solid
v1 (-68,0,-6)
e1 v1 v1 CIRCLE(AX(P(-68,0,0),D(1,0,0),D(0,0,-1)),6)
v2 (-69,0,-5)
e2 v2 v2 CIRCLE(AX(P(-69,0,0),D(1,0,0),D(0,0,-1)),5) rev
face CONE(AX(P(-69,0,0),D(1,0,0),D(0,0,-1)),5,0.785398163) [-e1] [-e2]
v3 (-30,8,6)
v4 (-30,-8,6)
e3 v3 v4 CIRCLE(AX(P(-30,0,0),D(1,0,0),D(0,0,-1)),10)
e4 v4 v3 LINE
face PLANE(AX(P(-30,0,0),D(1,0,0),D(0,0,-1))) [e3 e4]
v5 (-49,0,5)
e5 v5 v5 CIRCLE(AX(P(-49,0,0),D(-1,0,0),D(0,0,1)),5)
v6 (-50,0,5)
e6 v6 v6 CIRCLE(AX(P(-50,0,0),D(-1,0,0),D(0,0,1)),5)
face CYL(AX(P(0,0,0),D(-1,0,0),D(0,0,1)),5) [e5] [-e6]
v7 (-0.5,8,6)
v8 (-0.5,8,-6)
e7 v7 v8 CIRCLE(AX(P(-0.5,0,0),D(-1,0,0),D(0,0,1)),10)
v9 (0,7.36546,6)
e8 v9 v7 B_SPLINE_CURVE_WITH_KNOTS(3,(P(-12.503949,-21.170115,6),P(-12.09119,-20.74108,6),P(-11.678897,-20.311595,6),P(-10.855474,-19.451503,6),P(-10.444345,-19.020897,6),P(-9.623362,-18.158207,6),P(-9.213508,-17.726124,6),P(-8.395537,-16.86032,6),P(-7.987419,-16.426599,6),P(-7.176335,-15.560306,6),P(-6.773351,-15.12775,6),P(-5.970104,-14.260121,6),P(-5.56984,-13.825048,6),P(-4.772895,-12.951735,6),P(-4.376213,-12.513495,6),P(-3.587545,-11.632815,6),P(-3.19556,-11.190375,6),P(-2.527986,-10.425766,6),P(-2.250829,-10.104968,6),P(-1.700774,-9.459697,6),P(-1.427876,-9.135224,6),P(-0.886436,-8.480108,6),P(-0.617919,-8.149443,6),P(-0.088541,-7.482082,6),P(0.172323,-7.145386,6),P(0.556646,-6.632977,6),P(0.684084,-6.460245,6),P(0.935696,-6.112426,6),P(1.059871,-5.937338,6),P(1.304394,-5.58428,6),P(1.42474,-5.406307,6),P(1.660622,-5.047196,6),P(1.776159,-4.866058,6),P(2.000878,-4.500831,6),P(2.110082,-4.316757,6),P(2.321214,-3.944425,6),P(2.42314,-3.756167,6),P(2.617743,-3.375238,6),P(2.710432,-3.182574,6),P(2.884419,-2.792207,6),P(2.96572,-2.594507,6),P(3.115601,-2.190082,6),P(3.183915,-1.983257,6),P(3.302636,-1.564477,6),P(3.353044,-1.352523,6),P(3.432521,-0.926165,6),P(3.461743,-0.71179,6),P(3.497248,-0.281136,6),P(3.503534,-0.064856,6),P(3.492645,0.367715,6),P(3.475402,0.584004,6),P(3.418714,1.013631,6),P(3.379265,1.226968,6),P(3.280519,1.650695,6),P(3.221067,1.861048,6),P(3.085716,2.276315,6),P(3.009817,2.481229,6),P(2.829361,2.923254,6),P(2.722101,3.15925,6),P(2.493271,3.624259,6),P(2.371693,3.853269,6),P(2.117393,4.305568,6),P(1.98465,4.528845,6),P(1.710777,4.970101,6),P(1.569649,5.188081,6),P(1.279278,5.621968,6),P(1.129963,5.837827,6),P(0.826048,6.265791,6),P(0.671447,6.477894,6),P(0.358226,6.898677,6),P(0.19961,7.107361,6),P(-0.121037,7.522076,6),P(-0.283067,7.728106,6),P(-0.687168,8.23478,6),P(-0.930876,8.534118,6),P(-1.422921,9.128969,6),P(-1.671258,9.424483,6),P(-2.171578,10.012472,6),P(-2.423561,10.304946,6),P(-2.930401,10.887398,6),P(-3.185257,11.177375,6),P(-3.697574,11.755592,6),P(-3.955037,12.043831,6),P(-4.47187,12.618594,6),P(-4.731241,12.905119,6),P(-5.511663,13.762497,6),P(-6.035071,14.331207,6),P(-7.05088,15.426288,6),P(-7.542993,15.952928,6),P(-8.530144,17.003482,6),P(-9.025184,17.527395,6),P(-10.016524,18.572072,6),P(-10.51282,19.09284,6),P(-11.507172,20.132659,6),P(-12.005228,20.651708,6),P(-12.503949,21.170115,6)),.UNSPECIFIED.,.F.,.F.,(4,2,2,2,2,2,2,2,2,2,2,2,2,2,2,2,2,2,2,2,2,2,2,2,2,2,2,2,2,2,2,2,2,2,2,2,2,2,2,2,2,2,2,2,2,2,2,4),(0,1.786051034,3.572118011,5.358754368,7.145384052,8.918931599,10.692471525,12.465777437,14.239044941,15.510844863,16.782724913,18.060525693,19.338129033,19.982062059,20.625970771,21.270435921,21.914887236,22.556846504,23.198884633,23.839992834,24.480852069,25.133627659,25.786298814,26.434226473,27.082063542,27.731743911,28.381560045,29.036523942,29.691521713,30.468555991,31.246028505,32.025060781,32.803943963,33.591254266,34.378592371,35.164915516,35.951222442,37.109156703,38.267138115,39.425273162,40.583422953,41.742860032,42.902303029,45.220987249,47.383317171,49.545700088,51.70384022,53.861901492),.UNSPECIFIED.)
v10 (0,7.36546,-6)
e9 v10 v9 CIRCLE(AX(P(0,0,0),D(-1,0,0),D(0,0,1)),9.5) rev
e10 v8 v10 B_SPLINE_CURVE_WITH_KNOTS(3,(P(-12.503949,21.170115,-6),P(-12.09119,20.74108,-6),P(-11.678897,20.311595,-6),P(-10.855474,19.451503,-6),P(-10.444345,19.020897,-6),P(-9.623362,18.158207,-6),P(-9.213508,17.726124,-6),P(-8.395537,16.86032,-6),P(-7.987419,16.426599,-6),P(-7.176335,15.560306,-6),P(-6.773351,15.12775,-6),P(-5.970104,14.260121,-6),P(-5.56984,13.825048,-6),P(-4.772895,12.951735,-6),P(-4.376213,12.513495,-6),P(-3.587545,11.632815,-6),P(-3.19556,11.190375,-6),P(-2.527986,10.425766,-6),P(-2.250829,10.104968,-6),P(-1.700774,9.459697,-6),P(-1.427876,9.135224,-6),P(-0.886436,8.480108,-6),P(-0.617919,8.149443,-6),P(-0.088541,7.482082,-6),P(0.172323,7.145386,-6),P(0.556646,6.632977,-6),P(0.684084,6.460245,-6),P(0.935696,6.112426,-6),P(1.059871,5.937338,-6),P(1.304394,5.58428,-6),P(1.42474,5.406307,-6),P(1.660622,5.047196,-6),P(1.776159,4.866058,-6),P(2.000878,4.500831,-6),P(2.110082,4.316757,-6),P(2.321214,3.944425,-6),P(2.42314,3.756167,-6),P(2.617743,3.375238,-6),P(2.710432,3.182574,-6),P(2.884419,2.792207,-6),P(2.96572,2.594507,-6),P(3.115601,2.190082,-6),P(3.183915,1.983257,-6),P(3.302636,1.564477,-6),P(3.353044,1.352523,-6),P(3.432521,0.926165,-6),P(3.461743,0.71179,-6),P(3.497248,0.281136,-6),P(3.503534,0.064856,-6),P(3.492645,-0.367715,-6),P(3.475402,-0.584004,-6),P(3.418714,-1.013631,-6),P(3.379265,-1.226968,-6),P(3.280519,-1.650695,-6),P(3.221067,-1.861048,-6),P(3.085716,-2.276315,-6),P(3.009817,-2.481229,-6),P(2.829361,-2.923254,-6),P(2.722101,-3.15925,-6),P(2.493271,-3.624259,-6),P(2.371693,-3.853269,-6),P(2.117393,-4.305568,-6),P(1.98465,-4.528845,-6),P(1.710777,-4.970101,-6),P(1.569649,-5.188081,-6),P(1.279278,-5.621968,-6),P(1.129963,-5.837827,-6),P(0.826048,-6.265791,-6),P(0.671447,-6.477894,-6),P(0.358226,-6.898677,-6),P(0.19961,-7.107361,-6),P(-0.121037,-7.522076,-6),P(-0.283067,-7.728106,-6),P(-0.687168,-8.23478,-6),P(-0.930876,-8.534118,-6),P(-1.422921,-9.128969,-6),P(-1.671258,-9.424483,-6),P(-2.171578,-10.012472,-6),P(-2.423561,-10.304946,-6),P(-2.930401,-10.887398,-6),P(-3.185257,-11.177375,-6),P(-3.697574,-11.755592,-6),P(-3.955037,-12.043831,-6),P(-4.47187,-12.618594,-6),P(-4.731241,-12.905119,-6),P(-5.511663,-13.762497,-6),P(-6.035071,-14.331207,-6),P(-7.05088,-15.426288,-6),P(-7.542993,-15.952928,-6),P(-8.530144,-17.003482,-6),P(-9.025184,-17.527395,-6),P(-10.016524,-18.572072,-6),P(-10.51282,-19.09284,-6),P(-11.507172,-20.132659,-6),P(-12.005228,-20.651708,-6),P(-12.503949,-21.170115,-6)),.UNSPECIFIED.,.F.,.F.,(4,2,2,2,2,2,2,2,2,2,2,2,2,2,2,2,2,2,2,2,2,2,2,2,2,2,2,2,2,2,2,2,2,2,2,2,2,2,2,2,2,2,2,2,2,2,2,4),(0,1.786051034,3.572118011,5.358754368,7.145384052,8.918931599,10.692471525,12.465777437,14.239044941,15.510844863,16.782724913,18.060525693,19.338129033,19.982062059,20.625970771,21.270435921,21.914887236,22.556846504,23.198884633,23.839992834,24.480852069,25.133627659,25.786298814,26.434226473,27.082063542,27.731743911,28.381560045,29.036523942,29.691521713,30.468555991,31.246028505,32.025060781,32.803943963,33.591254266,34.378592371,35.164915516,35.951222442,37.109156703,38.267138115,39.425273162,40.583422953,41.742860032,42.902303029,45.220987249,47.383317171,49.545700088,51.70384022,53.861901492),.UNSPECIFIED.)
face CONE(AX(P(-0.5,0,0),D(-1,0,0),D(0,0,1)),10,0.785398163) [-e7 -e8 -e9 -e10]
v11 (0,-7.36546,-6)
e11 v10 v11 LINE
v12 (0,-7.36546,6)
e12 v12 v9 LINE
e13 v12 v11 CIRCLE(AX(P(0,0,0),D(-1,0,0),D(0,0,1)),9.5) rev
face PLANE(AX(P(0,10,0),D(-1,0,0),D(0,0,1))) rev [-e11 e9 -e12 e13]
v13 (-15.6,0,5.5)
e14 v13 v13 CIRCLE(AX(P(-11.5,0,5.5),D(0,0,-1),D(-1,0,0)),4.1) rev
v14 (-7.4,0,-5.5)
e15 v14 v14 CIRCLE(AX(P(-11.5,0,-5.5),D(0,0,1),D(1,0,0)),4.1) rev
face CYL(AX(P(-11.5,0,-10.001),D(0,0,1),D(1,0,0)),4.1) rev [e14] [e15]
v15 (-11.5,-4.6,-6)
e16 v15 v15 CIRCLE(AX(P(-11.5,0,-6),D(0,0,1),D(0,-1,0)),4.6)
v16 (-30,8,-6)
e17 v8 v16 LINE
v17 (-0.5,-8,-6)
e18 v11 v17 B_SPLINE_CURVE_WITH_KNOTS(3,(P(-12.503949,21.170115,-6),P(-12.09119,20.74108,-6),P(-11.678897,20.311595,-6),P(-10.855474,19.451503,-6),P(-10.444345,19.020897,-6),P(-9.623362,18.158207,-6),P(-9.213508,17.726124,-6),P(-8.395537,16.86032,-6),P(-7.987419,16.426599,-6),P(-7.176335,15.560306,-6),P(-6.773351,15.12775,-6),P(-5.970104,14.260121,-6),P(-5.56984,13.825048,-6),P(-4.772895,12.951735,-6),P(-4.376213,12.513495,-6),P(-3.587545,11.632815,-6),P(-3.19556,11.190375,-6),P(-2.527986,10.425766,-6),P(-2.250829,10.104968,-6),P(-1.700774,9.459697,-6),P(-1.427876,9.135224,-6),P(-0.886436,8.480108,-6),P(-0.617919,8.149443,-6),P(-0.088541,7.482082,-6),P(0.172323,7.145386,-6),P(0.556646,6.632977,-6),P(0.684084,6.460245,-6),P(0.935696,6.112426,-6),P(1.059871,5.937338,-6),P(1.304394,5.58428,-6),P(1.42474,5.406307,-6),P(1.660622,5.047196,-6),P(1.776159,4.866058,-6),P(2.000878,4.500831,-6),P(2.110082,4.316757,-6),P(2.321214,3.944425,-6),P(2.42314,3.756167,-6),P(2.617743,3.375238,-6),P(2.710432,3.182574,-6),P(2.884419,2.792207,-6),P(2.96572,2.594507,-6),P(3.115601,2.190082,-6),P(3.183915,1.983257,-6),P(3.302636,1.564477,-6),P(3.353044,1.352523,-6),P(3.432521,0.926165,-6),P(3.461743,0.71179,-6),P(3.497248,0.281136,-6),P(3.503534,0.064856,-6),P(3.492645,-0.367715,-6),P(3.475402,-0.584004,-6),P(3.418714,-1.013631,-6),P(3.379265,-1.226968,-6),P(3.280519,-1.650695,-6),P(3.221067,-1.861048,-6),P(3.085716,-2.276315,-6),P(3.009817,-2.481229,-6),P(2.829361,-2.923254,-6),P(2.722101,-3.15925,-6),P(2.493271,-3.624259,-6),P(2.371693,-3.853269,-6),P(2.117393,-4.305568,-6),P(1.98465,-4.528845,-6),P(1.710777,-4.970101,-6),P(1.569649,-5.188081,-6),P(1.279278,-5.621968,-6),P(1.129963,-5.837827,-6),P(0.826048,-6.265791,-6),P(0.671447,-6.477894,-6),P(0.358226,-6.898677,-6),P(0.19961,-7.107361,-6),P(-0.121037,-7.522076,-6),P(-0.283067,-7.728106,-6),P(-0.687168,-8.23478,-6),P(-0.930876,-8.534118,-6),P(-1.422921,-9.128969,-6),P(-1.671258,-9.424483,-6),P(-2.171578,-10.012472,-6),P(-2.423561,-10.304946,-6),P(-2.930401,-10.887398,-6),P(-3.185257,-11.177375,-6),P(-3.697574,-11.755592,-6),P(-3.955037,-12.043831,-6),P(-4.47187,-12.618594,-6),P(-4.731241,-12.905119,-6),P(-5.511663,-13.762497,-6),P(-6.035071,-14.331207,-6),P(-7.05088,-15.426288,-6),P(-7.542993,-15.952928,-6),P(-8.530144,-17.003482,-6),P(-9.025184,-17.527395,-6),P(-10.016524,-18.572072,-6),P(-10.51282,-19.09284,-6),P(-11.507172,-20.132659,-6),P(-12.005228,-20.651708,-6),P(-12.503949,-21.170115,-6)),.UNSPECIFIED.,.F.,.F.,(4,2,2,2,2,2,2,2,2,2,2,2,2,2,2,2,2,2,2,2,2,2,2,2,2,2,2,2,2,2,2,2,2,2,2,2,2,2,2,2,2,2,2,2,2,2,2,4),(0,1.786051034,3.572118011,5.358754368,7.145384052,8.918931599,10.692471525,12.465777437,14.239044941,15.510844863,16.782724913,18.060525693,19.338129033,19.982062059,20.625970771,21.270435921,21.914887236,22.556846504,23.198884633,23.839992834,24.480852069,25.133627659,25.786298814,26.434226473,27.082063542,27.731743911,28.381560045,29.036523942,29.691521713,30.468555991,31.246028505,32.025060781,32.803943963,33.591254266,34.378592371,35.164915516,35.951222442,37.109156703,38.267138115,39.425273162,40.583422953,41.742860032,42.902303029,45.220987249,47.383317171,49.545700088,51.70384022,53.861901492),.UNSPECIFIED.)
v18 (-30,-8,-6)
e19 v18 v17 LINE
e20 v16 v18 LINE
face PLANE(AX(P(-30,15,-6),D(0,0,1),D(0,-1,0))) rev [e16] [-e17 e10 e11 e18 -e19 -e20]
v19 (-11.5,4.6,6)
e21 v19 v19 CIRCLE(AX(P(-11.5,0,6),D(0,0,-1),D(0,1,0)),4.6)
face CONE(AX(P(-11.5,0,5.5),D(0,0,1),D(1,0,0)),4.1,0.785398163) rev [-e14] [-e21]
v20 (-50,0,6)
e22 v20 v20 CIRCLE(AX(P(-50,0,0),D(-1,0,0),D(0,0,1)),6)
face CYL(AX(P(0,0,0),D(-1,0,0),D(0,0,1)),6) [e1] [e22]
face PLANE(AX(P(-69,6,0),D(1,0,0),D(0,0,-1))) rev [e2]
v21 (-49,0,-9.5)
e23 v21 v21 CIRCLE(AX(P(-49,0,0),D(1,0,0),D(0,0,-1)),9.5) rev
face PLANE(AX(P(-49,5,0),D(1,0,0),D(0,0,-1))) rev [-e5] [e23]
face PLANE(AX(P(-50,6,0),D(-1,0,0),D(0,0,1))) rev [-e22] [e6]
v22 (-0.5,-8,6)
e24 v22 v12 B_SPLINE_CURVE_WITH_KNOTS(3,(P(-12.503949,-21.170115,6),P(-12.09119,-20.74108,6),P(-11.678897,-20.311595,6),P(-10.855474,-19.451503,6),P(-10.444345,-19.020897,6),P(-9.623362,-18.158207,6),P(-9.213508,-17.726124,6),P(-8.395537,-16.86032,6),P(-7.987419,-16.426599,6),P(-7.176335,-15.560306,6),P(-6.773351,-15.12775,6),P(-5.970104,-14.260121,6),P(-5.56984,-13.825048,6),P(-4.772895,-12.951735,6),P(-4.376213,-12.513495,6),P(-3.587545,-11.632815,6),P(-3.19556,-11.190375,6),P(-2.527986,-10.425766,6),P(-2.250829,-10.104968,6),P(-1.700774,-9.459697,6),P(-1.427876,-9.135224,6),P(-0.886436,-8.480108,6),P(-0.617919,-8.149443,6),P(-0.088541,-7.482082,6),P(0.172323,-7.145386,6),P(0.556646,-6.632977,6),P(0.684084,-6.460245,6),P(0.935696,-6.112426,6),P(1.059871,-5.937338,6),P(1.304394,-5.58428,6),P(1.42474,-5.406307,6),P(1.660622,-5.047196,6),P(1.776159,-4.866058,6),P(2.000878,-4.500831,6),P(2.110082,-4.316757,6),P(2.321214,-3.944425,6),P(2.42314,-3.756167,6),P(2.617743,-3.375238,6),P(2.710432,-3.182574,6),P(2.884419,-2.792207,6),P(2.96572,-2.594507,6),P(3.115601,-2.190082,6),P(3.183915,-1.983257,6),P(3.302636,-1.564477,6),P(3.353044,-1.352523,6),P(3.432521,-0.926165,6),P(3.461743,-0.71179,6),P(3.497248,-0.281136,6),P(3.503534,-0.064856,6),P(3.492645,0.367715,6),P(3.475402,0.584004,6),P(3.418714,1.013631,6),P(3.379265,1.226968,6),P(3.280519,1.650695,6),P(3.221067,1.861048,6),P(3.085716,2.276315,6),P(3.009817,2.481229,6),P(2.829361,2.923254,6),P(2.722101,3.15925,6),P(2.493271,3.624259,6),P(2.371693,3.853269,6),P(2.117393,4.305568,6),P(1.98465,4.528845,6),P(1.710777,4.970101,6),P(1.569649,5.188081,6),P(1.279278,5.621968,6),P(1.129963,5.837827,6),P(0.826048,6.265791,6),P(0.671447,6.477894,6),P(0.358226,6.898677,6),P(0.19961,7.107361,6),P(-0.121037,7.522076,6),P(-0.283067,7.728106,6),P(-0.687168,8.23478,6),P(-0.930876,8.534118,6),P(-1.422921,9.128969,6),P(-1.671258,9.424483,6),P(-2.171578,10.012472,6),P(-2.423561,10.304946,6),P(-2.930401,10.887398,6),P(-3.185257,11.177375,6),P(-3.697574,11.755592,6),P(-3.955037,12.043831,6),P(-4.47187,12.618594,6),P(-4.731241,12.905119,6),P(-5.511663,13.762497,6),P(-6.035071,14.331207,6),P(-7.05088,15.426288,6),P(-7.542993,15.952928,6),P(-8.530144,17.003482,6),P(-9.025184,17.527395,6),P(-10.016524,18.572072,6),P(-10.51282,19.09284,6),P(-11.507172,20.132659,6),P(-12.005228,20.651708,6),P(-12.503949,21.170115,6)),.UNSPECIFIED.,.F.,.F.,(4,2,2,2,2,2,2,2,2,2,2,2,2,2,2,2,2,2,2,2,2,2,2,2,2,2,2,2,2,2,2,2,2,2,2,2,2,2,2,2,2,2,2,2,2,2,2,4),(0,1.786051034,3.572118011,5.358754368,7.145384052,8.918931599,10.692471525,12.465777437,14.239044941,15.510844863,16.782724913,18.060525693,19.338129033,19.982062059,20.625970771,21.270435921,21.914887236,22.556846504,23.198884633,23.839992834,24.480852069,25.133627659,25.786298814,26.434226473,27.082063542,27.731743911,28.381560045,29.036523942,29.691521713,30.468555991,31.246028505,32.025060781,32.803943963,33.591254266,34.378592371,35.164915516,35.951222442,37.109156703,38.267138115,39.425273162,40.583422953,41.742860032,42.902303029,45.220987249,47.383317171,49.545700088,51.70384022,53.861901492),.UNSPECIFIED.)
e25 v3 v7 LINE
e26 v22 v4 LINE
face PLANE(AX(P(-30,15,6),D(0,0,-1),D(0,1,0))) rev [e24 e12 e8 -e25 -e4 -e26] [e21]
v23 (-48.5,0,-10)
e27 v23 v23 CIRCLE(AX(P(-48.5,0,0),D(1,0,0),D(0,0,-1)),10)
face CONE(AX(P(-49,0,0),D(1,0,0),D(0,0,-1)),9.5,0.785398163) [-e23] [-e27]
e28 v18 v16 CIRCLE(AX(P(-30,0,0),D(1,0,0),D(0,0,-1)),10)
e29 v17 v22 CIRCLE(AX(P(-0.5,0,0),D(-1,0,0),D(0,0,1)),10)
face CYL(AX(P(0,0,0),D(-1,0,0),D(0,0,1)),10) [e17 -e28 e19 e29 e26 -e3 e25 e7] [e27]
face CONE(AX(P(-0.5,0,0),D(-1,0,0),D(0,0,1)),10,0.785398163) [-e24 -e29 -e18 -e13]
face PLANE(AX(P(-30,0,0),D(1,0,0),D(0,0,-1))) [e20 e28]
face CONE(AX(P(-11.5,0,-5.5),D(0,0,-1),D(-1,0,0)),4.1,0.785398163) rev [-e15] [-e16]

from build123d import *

# Parameters (mm, degrees)
CHANFREIN1_SIZE         = 0.5
CHANFREIN2_SIZE         = 1
ESQUISSE2_W             = 9
ESQUISSE2_H             = 30
ENL_V_MAT_EXTRU_1_DEPTH = 30
ENL_V_MAT_EXTRU_2_REACH = 73.533
ESQUISSE3_R             = 4.1
CHANFREIN3_SIZE         = 0.5


with BuildPart() as part:
    # Esquisse1 → Révolution1 (revolve)
    with BuildSketch(Plane.XY, mode=Mode.PRIVATE) as r_volution1_sk:
        Polygon((-49, 5), (-49, 10), (0, 10), (0, 0), (-69, 0), (-69, 6), (-50, 6), (-50, 5), align=None)
    revolve(r_volution1_sk.sketch.rotate(Axis((0, 0, 0), (1, 0, 0)), 90), axis=Axis((0, 0, 0), (1, 0, 0)))

    # Chanfrein1
    chanfrein1_edges = [part.edges().sort_by_distance(p)[0] for p in [
        (-49, 0, -10),
        (0, 0, -10),
    ]]
    chamfer(chanfrein1_edges, length=CHANFREIN1_SIZE)

    # Chanfrein2
    chanfrein2_edges = [part.edges().sort_by_distance(p)[0] for p in [
        (-69, 0, -6),
    ]]
    chamfer(chanfrein2_edges, length=CHANFREIN2_SIZE)

    # Esquisse2 → Enlèv. mat.-Extru.1 (cut)
    with BuildSketch(Plane(origin=(0, 0, 0), x_dir=(0, 0, -1), z_dir=(1, 0, 0))):
        with Locations((-10.5, 0)):
            Rectangle(ESQUISSE2_W, ESQUISSE2_H)
        with Locations((10.5, 0)):
            Rectangle(ESQUISSE2_W, ESQUISSE2_H)
    extrude(amount=-ENL_V_MAT_EXTRU_1_DEPTH, mode=Mode.SUBTRACT)

    # Esquisse3 → Enlèv. mat.-Extru.2 (cut, up to next)
    with BuildSketch(Plane.XY.offset(6), mode=Mode.PRIVATE) as enl_v_mat_extru_2_sk1:
        with Locations((-11.5, 0)):
            Circle(ESQUISSE3_R)
    enl_v_mat_extru_2_tool1 = extrude(enl_v_mat_extru_2_sk1.sketch, amount=-ENL_V_MAT_EXTRU_2_REACH, mode=Mode.PRIVATE) & part.part
    add(enl_v_mat_extru_2_tool1.solids().sort_by_distance((-11.5, 0, 6))[0], mode=Mode.SUBTRACT)

    # Chanfrein3
    chanfrein3_edges = [part.edges().sort_by_distance(p)[0] for p in [
        (-15.6, 0, 6),
        (-15.6, 0, -6),
    ]]
    chamfer(chanfrein3_edges, length=CHANFREIN3_SIZE)


solid = part.part
